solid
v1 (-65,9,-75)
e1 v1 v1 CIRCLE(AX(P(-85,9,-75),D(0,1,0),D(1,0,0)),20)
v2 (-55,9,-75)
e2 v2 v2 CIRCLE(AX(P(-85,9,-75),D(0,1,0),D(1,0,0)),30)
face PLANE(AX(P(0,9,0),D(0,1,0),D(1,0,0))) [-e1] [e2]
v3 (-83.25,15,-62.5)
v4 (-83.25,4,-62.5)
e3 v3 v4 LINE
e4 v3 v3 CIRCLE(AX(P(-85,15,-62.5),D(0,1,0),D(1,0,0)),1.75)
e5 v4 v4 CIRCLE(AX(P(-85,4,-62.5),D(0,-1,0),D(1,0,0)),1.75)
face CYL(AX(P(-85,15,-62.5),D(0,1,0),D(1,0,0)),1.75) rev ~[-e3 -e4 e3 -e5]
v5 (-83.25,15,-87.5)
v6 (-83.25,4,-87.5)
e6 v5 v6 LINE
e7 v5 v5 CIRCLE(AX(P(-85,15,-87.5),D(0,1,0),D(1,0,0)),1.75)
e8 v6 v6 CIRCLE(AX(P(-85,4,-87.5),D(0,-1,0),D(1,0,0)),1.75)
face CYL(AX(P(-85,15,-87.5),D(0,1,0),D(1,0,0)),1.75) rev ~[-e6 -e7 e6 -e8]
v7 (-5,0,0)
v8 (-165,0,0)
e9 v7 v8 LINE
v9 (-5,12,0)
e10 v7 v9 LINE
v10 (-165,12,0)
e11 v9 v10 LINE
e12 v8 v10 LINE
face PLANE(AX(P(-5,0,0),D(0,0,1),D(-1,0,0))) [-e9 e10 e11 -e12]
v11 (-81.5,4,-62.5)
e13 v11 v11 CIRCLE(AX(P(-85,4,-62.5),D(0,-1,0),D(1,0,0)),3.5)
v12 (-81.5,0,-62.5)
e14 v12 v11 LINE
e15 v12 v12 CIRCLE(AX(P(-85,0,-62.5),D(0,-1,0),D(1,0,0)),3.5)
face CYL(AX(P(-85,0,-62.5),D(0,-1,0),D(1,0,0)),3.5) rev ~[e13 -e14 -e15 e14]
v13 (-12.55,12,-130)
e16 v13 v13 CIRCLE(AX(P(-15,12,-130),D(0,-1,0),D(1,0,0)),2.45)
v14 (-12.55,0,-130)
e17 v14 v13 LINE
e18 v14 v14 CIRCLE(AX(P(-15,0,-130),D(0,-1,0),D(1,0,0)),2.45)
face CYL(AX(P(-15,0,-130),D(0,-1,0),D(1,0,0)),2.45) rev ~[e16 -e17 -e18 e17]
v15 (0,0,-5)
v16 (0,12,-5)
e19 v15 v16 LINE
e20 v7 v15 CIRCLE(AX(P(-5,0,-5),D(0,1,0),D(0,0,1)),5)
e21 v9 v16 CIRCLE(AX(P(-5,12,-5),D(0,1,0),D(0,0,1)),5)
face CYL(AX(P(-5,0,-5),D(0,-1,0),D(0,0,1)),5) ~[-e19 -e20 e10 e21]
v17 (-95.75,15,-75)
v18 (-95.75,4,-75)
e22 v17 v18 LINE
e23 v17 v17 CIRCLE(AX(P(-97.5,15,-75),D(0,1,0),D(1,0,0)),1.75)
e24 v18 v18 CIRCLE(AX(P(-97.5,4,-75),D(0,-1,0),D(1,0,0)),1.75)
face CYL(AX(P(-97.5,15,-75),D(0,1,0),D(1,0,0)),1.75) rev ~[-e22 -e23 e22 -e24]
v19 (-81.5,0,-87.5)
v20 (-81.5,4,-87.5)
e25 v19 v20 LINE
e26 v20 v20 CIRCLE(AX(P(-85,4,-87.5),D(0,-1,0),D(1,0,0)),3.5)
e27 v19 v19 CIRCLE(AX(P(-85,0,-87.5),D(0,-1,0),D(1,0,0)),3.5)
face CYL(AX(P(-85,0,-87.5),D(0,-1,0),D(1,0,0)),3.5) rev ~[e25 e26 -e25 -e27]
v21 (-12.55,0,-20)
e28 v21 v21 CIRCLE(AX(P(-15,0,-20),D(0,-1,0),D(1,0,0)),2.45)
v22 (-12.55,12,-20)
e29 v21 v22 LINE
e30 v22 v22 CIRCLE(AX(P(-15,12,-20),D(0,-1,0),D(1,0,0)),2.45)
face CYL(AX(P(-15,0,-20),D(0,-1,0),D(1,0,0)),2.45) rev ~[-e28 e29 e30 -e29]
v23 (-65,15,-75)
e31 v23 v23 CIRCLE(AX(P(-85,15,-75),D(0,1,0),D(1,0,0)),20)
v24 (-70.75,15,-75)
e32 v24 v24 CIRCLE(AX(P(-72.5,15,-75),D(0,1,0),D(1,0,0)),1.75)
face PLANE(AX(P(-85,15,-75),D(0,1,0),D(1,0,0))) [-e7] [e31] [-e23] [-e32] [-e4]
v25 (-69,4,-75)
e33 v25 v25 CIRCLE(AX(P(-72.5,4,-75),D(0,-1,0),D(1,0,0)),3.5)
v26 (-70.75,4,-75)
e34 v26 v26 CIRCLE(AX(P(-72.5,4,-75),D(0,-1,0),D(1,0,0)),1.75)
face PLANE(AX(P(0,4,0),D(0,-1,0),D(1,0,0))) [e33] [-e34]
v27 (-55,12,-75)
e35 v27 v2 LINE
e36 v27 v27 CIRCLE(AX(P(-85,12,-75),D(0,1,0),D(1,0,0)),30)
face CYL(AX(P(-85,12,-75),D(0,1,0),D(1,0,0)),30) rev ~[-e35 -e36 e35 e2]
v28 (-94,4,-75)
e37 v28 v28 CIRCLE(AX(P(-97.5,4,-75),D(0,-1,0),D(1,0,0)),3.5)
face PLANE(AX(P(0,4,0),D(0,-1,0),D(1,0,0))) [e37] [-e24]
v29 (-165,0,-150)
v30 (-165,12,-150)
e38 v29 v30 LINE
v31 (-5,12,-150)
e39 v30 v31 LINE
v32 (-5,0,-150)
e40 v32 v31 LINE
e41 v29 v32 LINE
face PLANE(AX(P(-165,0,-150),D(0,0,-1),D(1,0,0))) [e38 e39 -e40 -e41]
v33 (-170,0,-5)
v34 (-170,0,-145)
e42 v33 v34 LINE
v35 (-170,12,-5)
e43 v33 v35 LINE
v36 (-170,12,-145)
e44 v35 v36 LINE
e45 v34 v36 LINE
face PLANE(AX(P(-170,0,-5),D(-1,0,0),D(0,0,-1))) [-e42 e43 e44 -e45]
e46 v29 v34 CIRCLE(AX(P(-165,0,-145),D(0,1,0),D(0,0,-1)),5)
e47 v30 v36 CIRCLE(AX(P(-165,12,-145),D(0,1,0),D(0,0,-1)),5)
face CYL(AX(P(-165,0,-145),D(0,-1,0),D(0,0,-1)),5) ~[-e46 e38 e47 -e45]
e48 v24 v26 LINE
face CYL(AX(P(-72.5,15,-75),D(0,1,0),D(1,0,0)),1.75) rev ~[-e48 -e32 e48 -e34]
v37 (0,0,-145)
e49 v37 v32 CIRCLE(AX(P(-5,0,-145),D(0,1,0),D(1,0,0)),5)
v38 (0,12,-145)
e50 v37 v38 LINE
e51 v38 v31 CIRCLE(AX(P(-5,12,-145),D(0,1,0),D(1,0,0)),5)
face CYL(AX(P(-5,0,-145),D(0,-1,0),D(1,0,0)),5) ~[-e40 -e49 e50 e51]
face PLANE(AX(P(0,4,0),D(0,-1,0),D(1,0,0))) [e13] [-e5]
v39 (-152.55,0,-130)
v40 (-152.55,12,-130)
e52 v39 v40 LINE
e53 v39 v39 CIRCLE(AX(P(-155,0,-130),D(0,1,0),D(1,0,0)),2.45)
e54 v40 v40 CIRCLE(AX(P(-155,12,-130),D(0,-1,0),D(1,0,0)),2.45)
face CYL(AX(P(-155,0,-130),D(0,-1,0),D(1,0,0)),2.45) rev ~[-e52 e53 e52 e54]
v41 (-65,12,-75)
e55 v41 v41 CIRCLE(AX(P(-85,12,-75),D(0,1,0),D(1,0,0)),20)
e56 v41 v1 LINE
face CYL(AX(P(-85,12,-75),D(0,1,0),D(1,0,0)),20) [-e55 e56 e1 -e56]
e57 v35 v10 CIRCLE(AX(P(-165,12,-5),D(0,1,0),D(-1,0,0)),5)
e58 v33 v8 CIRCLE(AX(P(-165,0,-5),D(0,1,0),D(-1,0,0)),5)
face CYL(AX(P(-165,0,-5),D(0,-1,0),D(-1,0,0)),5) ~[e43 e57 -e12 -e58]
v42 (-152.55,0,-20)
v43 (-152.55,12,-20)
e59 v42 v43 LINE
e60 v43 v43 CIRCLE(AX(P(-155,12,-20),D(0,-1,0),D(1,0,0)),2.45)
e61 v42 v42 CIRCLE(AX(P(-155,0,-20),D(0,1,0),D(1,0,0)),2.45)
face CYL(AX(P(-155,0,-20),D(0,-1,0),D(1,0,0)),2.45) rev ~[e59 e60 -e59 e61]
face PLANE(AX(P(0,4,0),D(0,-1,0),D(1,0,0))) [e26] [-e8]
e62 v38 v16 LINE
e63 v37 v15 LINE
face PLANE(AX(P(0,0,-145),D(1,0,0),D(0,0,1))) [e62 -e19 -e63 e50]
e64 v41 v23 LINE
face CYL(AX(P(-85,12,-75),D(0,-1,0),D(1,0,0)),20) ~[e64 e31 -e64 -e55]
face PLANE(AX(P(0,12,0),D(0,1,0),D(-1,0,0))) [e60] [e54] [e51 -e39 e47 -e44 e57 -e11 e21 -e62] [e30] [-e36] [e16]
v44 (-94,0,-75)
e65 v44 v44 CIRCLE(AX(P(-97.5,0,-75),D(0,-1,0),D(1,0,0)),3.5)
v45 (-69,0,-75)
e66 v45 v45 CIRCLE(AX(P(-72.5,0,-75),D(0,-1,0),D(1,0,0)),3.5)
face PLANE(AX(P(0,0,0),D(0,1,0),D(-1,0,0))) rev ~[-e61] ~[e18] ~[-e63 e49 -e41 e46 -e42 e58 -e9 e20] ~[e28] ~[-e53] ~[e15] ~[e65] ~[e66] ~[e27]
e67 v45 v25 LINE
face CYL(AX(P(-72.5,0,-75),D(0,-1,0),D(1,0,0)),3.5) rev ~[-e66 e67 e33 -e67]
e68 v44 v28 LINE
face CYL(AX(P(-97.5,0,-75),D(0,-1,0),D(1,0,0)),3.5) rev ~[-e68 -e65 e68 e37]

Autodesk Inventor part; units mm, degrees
ref_plane "YZ Plane" through (0, 0, 0) normal (1, 0, 0) x (0, 1, 0)
ref_plane "XZ Plane" through (0, 0, 0) normal (0, 1, 0) x (-1, 0, 0)
ref_plane "XY Plane" through (0, 0, 0) normal (0, 0, 1) x (1, 0, 0)
sketch "Sketch1" plane through (0, 0, 0) normal (0, 1, 0) x (-1, 0, 0)
  line L0 (5, 0) -> (165, 0)
  line L1 (170, -5) -> (170, -145)
  line L2 (165, -150) -> (5, -150)
  line L3 (0, -145) -> (0, -5)
  arc A0 (170, -5) -> (165, 0) centre (165, -5) ccw
  arc A1 (165, -150) -> (170, -145) centre (165, -145) ccw
  arc A2 (5, 0) -> (0, -5) centre (5, -5) ccw
  arc A3 (0, -145) -> (5, -150) centre (5, -145) ccw
  point P0 (0, 0)
  point P1 (170, -150)
  point P2 (170, 0)
  point P3 (0, -150)
  dimension "d0" = 170
  dimension "d1" = 150
  dimension "d2" = 5
extrude "Extrusion1" add sketch "Sketch1" along normal blind 12
sketch "Sketch2" plane through (0, 12, 0) normal (0, 1, 0) x (1, 0, 0)
  line L0 (0, 5) -> (0, 145) projected
  line L1 (-170, 145) -> (-170, 5) projected
  line L2 (-165, 0) -> (-5, 0) projected
  circle A0 centre (-85, 75) radius 20
  circle A1 centre (-85, 75) radius 30
  point P0 (0, 0)
  dimension "d5" = 40
  dimension "d6" = 60
extrude "Extrusion2" cut sketch "Sketch2" against normal blind 3
sketch "Sketch3" plane through (-85, 12, -75) normal (0, 1, 0) x (1, 0, 0)
  circle A0 centre (0, 0) radius 30 projected
  circle A1 centre (0, 0) radius 20
  point P0 (85, -75)
extrude "Extrusion3" add sketch "Sketch3" along normal blind 3 contours A1
sketch "Sketch4" plane through (-85, 15, -75) normal (0, 1, 0) x (1, 0, 0)
  circle A0 centre (-12.5, 0) radius 1.75
  circle A1 centre (0, 12.5) radius 1.75
  circle A2 centre (0, -12.5) radius 1.75
  circle A3 centre (12.5, 0) radius 1.75
  point P0 (85, -75)
  dimension "d15" = 3.5
  dimension "d16" = 3.5
  dimension "d17" = 3.5
  dimension "d18" = 3.5
extrude "Extrusion4" cut sketch "Sketch4" against normal blind 20
sketch "Sketch5" plane through (0, 0, 0) normal (0, -1, 0) x (1, 0, 0)
  circle A0 centre (-85, -87.5) radius 1.75 projected
  circle A1 centre (-85, -87.5) radius 3.5
  circle A2 centre (-72.5, -75) radius 1.75 projected
  circle A3 centre (-72.5, -75) radius 3.5
  circle A4 centre (-85, -62.5) radius 1.75 projected
  circle A5 centre (-85, -62.5) radius 3.5
  circle A6 centre (-97.5, -75) radius 1.75 projected
  circle A7 centre (-97.5, -75) radius 3.5
  point P0 (0, 0)
  dimension "d21" = 7
  dimension "d22" = 7
  dimension "d23" = 7
  dimension "d24" = 7
extrude "Extrusion5" cut sketch "Sketch5" against normal blind 4
sketch "Sketch6" plane through (0, 0, 0) normal (0, -1, 0) x (1, 0, 0)
  line L0 (0, 0) -> (0, -20)
  line L1 (0, -5) -> (0, -145) projected
  line L2 (0, -20) -> (-15, -20)
  line L3 (0, -150) -> (0, -130)
  line L4 (0, -130) -> (-15, -130)
  line L5 (-170, 0) -> (-170, -20)
  line L6 (-170, -145) -> (-170, -5) projected
  line L7 (-170, -20) -> (-155, -20)
  line L8 (-170, -150) -> (-170, -130)
  line L9 (-170, -130) -> (-155, -130)
  circle A0 centre (-15, -20) radius 2.45
  circle A1 centre (-15, -130) radius 2.45
  circle A2 centre (-155, -20) radius 2.45
  circle A3 centre (-155, -130) radius 2.45
  dimension "d27" = 20
  dimension "d28" = 15
  dimension "d29" = 20
  dimension "d30" = 15
  dimension "d31" = 20
  dimension "d32" = 15
  dimension "d33" = 20
  dimension "d34" = 15
  dimension "d35" = 4.9
  dimension "d36" = 4.9
  dimension "d37" = 4.9
  dimension "d38" = 4.9
extrude "Extrusion6" cut sketch "Sketch6" against normal blind 15
properties part number "b_base_table"
